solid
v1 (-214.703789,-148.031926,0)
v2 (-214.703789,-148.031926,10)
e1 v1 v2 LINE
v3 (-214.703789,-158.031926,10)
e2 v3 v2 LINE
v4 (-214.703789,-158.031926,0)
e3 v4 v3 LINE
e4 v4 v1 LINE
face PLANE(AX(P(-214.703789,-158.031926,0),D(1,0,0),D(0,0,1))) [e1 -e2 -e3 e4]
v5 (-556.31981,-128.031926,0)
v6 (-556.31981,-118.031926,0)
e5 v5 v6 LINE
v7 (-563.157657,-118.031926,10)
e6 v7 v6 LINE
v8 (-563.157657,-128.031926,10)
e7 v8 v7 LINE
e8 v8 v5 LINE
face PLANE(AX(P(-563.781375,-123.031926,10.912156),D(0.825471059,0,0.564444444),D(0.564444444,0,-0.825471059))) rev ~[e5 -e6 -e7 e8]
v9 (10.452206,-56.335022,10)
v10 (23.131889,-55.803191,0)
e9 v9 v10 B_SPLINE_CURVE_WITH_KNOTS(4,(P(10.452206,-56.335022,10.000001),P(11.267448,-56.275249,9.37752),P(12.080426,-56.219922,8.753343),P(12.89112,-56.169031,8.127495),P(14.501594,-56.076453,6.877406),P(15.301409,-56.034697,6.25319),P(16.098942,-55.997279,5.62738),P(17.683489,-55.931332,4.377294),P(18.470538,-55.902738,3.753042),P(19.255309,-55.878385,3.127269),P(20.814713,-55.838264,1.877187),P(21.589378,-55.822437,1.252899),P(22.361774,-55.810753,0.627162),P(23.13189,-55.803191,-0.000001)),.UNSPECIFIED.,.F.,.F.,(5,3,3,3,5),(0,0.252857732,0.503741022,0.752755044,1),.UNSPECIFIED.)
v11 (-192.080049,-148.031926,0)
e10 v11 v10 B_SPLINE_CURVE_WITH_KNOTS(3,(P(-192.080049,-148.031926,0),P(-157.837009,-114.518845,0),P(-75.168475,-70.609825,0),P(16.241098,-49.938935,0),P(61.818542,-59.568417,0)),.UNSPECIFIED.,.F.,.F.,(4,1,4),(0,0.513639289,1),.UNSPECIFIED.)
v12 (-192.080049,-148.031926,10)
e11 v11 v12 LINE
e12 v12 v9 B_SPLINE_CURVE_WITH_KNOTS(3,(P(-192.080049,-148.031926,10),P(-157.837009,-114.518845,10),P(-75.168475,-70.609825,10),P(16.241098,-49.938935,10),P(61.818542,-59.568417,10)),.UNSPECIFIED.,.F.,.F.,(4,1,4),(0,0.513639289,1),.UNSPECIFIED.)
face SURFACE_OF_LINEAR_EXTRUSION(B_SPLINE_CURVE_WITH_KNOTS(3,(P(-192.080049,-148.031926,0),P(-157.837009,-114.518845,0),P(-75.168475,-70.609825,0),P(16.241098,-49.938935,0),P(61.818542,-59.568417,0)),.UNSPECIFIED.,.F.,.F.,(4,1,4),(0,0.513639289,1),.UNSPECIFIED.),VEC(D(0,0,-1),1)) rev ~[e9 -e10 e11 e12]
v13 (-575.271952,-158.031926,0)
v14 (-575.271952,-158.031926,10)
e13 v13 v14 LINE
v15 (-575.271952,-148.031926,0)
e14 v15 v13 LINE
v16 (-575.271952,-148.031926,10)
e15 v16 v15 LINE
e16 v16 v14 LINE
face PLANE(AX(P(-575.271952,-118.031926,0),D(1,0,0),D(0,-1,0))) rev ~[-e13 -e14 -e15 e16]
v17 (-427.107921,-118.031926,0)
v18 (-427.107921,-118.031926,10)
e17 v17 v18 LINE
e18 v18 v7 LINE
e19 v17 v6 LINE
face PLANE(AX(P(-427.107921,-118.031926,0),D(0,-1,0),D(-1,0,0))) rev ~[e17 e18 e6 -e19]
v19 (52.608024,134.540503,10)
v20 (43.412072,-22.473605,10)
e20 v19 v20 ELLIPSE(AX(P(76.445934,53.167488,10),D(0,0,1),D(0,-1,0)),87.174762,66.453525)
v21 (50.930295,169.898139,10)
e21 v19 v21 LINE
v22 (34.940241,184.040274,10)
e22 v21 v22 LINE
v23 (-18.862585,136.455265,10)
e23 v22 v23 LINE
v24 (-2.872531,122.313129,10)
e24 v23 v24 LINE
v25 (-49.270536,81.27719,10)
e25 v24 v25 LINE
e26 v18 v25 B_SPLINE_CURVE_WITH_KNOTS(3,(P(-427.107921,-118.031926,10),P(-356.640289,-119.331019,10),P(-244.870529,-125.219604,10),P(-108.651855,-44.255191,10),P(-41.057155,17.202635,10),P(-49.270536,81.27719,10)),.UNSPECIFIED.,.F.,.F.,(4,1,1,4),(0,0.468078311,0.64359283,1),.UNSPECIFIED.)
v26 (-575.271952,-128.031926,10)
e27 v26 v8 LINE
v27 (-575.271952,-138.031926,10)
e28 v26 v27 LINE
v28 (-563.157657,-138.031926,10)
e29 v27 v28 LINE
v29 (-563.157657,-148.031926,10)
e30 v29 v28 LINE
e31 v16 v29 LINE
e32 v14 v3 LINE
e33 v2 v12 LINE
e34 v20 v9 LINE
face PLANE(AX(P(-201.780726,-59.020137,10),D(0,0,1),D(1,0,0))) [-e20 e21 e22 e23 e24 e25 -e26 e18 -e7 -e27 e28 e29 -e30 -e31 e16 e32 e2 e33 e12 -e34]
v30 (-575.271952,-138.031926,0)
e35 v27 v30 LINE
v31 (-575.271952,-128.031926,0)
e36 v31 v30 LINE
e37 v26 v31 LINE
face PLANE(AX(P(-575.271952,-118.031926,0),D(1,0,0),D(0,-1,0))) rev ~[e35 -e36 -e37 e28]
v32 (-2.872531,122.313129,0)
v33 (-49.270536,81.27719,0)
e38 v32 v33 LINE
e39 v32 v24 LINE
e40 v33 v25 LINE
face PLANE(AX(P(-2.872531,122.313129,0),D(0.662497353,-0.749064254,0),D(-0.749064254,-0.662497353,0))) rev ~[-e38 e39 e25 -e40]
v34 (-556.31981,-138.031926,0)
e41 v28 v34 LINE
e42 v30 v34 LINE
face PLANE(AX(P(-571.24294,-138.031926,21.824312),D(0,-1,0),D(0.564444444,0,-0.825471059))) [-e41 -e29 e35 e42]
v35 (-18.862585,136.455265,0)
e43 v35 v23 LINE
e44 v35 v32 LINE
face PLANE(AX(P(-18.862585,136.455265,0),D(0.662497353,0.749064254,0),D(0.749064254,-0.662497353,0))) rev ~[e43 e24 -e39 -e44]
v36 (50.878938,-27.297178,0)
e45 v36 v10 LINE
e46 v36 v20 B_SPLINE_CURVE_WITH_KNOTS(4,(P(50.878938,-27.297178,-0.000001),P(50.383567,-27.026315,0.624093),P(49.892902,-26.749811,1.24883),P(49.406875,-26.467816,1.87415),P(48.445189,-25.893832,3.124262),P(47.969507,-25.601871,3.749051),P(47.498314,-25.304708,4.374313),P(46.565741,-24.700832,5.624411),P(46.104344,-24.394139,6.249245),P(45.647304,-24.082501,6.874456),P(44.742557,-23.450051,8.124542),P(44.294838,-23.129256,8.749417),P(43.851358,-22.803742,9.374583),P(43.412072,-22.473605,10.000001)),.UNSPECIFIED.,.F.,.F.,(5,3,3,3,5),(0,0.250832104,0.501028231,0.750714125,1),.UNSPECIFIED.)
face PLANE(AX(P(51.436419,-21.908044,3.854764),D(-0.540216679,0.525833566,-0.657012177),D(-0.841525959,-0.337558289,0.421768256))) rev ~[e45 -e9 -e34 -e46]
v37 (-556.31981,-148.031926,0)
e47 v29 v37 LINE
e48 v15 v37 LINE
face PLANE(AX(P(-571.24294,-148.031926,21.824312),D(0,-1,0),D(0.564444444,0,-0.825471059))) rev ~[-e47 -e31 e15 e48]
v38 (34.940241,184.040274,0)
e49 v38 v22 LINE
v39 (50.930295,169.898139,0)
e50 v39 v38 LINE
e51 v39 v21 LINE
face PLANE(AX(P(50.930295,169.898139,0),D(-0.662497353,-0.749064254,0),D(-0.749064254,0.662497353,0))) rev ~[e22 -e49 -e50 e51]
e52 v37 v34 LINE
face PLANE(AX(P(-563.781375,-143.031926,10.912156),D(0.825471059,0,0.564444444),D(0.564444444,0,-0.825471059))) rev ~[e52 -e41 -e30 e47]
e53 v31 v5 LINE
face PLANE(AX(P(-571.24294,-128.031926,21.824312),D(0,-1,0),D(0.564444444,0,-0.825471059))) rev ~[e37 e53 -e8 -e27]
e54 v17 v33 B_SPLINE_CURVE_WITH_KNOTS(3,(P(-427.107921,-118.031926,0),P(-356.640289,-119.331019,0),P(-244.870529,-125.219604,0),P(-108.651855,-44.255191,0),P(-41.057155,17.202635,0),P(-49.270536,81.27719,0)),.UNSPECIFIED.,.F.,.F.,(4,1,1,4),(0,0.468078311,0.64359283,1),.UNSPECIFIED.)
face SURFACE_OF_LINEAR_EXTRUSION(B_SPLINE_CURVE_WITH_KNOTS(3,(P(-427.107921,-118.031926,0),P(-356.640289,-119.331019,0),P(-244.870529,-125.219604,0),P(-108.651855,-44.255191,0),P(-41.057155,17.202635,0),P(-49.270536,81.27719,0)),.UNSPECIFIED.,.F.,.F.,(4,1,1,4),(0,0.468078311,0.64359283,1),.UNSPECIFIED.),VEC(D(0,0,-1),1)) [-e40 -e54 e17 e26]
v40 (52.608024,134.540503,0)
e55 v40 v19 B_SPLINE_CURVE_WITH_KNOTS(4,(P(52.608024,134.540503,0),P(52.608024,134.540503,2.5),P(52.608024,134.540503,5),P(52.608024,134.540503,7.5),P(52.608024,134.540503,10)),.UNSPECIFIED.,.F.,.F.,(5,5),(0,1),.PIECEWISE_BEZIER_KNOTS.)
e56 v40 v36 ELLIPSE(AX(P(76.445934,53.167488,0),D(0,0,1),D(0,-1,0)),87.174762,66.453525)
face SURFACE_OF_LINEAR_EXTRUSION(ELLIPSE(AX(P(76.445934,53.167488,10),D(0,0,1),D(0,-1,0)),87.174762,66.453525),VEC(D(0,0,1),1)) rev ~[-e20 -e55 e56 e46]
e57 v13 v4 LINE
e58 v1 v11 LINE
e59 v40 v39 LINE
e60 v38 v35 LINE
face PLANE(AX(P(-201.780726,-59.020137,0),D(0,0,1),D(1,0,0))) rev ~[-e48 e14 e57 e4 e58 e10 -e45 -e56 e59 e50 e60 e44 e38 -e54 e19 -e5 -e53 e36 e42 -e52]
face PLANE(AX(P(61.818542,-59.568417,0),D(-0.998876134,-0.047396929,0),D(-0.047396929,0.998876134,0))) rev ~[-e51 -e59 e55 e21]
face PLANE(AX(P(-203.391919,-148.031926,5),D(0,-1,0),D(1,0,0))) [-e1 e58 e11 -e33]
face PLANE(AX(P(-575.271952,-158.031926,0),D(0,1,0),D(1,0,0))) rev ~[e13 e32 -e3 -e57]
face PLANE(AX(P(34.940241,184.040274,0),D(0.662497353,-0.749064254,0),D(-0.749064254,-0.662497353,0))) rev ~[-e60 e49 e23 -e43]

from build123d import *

# Parameters (mm, degrees)
BOSS_EXTRUDE1_DEPTH = 10
CUT_EXTRUDE1_DEPTH  = 10
SKETCH4_RX          = 87.174762469
SKETCH4_RY          = 66.453525419
CUT_EXTRUDE2_DEPTH  = 10
SKETCH5_W           = 26.438615702
SKETCH5_H           = 10
CUT_EXTRUDE5_DEPTH  = 30
SKETCH6_W           = 22.623740515
SKETCH6_H           = 10
CUT_EXTRUDE6_DEPTH  = 10


with BuildPart() as part:
    # Sketch1 → Boss-Extrude1 (new body)
    with BuildSketch(Plane.XY):
        with BuildLine():
            Line((-427.107921319, -118.031926349), (-575.271952131, -118.031926349))
            Line((-575.271952131, -118.031926349), (-575.271952131, -158.031926349))
            Line((-575.271952131, -158.031926349), (-192.080048862, -158.031926349))
            Line((-192.080048862, -158.031926349), (-192.080048862, -148.031926349))
            add(Edge.make_bspline(
                [(-192.080048862, -148.031926349), (-157.837008984, -114.51884489), (-75.168475425, -70.609825384), (16.241097891, -49.938935327), (61.818541816, -59.568417069)],
                knots=[0, 0, 0, 0, 0.513639289, 1, 1, 1, 1], degree=3))
            Line((61.818541816, -59.568417069), (50.930294818, 169.898138867))
            Line((50.930294818, 169.898138867), (34.940241092, 184.040274491))
            Line((34.940241092, 184.040274491), (-18.862584596, 136.455265033))
            Line((-18.862584596, 136.455265033), (-2.872530869, 122.313129409))
            Line((-2.872530869, 122.313129409), (-49.270535503, 81.277190105))
            add(Edge.make_bspline(
                [(-427.107921319, -118.031926349), (-356.64028899, -119.331018895), (-244.870528992, -125.219604065), (-108.651854921, -44.255191333), (-41.057154586, 17.202634848), (-49.270535503, 81.277190105)],
                knots=[0, 0, 0, 0, 0.468078311, 0.64359283, 1, 1, 1, 1], degree=3))
        make_face()
    extrude(amount=BOSS_EXTRUDE1_DEPTH)

    # Sketch2 → Cut-Extrude1 (cut, symmetric)
    with BuildSketch(Plane(origin=(28.004521107, -27.258908823, 34.059132337), x_dir=(0.8415259589150524, 0.33755828909978275, -0.4217682561930533), z_dir=(0.5402166791872512, -0.5258335661753164, 0.6570121766080502))):
        Polygon((55.096893941, -25.281928608), (25.403338602, -49.506612522), (-27.145369489, -41.573178566), (2.888217841, -17.531746483), (44.92299541, 24.503031085), (95.182381766, 9.000336469), align=None)
    extrude(amount=CUT_EXTRUDE1_DEPTH, both=True, mode=Mode.SUBTRACT)


with BuildPart() as cut_extrude1_kept_piece:
    # of the separate pieces the step leaves, the one the design keeps (cut_extrude1_pieces_kept)
    add(part.part.solids().sort_by_distance((-427.107921319, -118.031926349, 0))[0])

    # Sketch4 → Cut-Extrude2 (cut)
    with BuildSketch(Plane.XY.offset(10)):
        with Locations(Location((76.445934185, 53.167488188), (0, 0, -90))):
            Ellipse(SKETCH4_RX, SKETCH4_RY)
    extrude(amount=-CUT_EXTRUDE2_DEPTH, mode=Mode.SUBTRACT)

    # Sketch5 → Cut-Extrude5 (cut)
    with BuildSketch(Plane(origin=(-379.077692484, 0, -259.207509724), x_dir=(0.5644444444444446, 0, -0.8254710589328995), z_dir=(0.8254710589328994, 0, 0.5644444444444445))):
        with Locations((-327.230934206, -123.031926349)):
            Rectangle(SKETCH5_W, SKETCH5_H)
        with Locations((-327.230934206, -143.031926349)):
            Rectangle(SKETCH5_W, SKETCH5_H)
    extrude(amount=-CUT_EXTRUDE5_DEPTH, mode=Mode.SUBTRACT)

    # Sketch6 → Cut-Extrude6 (cut)
    with BuildSketch(Plane.XZ.offset(158.031926349)):
        with Locations((-203.39191912, 5)):
            Rectangle(SKETCH6_W, SKETCH6_H)
    extrude(amount=-CUT_EXTRUDE6_DEPTH, mode=Mode.SUBTRACT)


solid = cut_extrude1_kept_piece.part
